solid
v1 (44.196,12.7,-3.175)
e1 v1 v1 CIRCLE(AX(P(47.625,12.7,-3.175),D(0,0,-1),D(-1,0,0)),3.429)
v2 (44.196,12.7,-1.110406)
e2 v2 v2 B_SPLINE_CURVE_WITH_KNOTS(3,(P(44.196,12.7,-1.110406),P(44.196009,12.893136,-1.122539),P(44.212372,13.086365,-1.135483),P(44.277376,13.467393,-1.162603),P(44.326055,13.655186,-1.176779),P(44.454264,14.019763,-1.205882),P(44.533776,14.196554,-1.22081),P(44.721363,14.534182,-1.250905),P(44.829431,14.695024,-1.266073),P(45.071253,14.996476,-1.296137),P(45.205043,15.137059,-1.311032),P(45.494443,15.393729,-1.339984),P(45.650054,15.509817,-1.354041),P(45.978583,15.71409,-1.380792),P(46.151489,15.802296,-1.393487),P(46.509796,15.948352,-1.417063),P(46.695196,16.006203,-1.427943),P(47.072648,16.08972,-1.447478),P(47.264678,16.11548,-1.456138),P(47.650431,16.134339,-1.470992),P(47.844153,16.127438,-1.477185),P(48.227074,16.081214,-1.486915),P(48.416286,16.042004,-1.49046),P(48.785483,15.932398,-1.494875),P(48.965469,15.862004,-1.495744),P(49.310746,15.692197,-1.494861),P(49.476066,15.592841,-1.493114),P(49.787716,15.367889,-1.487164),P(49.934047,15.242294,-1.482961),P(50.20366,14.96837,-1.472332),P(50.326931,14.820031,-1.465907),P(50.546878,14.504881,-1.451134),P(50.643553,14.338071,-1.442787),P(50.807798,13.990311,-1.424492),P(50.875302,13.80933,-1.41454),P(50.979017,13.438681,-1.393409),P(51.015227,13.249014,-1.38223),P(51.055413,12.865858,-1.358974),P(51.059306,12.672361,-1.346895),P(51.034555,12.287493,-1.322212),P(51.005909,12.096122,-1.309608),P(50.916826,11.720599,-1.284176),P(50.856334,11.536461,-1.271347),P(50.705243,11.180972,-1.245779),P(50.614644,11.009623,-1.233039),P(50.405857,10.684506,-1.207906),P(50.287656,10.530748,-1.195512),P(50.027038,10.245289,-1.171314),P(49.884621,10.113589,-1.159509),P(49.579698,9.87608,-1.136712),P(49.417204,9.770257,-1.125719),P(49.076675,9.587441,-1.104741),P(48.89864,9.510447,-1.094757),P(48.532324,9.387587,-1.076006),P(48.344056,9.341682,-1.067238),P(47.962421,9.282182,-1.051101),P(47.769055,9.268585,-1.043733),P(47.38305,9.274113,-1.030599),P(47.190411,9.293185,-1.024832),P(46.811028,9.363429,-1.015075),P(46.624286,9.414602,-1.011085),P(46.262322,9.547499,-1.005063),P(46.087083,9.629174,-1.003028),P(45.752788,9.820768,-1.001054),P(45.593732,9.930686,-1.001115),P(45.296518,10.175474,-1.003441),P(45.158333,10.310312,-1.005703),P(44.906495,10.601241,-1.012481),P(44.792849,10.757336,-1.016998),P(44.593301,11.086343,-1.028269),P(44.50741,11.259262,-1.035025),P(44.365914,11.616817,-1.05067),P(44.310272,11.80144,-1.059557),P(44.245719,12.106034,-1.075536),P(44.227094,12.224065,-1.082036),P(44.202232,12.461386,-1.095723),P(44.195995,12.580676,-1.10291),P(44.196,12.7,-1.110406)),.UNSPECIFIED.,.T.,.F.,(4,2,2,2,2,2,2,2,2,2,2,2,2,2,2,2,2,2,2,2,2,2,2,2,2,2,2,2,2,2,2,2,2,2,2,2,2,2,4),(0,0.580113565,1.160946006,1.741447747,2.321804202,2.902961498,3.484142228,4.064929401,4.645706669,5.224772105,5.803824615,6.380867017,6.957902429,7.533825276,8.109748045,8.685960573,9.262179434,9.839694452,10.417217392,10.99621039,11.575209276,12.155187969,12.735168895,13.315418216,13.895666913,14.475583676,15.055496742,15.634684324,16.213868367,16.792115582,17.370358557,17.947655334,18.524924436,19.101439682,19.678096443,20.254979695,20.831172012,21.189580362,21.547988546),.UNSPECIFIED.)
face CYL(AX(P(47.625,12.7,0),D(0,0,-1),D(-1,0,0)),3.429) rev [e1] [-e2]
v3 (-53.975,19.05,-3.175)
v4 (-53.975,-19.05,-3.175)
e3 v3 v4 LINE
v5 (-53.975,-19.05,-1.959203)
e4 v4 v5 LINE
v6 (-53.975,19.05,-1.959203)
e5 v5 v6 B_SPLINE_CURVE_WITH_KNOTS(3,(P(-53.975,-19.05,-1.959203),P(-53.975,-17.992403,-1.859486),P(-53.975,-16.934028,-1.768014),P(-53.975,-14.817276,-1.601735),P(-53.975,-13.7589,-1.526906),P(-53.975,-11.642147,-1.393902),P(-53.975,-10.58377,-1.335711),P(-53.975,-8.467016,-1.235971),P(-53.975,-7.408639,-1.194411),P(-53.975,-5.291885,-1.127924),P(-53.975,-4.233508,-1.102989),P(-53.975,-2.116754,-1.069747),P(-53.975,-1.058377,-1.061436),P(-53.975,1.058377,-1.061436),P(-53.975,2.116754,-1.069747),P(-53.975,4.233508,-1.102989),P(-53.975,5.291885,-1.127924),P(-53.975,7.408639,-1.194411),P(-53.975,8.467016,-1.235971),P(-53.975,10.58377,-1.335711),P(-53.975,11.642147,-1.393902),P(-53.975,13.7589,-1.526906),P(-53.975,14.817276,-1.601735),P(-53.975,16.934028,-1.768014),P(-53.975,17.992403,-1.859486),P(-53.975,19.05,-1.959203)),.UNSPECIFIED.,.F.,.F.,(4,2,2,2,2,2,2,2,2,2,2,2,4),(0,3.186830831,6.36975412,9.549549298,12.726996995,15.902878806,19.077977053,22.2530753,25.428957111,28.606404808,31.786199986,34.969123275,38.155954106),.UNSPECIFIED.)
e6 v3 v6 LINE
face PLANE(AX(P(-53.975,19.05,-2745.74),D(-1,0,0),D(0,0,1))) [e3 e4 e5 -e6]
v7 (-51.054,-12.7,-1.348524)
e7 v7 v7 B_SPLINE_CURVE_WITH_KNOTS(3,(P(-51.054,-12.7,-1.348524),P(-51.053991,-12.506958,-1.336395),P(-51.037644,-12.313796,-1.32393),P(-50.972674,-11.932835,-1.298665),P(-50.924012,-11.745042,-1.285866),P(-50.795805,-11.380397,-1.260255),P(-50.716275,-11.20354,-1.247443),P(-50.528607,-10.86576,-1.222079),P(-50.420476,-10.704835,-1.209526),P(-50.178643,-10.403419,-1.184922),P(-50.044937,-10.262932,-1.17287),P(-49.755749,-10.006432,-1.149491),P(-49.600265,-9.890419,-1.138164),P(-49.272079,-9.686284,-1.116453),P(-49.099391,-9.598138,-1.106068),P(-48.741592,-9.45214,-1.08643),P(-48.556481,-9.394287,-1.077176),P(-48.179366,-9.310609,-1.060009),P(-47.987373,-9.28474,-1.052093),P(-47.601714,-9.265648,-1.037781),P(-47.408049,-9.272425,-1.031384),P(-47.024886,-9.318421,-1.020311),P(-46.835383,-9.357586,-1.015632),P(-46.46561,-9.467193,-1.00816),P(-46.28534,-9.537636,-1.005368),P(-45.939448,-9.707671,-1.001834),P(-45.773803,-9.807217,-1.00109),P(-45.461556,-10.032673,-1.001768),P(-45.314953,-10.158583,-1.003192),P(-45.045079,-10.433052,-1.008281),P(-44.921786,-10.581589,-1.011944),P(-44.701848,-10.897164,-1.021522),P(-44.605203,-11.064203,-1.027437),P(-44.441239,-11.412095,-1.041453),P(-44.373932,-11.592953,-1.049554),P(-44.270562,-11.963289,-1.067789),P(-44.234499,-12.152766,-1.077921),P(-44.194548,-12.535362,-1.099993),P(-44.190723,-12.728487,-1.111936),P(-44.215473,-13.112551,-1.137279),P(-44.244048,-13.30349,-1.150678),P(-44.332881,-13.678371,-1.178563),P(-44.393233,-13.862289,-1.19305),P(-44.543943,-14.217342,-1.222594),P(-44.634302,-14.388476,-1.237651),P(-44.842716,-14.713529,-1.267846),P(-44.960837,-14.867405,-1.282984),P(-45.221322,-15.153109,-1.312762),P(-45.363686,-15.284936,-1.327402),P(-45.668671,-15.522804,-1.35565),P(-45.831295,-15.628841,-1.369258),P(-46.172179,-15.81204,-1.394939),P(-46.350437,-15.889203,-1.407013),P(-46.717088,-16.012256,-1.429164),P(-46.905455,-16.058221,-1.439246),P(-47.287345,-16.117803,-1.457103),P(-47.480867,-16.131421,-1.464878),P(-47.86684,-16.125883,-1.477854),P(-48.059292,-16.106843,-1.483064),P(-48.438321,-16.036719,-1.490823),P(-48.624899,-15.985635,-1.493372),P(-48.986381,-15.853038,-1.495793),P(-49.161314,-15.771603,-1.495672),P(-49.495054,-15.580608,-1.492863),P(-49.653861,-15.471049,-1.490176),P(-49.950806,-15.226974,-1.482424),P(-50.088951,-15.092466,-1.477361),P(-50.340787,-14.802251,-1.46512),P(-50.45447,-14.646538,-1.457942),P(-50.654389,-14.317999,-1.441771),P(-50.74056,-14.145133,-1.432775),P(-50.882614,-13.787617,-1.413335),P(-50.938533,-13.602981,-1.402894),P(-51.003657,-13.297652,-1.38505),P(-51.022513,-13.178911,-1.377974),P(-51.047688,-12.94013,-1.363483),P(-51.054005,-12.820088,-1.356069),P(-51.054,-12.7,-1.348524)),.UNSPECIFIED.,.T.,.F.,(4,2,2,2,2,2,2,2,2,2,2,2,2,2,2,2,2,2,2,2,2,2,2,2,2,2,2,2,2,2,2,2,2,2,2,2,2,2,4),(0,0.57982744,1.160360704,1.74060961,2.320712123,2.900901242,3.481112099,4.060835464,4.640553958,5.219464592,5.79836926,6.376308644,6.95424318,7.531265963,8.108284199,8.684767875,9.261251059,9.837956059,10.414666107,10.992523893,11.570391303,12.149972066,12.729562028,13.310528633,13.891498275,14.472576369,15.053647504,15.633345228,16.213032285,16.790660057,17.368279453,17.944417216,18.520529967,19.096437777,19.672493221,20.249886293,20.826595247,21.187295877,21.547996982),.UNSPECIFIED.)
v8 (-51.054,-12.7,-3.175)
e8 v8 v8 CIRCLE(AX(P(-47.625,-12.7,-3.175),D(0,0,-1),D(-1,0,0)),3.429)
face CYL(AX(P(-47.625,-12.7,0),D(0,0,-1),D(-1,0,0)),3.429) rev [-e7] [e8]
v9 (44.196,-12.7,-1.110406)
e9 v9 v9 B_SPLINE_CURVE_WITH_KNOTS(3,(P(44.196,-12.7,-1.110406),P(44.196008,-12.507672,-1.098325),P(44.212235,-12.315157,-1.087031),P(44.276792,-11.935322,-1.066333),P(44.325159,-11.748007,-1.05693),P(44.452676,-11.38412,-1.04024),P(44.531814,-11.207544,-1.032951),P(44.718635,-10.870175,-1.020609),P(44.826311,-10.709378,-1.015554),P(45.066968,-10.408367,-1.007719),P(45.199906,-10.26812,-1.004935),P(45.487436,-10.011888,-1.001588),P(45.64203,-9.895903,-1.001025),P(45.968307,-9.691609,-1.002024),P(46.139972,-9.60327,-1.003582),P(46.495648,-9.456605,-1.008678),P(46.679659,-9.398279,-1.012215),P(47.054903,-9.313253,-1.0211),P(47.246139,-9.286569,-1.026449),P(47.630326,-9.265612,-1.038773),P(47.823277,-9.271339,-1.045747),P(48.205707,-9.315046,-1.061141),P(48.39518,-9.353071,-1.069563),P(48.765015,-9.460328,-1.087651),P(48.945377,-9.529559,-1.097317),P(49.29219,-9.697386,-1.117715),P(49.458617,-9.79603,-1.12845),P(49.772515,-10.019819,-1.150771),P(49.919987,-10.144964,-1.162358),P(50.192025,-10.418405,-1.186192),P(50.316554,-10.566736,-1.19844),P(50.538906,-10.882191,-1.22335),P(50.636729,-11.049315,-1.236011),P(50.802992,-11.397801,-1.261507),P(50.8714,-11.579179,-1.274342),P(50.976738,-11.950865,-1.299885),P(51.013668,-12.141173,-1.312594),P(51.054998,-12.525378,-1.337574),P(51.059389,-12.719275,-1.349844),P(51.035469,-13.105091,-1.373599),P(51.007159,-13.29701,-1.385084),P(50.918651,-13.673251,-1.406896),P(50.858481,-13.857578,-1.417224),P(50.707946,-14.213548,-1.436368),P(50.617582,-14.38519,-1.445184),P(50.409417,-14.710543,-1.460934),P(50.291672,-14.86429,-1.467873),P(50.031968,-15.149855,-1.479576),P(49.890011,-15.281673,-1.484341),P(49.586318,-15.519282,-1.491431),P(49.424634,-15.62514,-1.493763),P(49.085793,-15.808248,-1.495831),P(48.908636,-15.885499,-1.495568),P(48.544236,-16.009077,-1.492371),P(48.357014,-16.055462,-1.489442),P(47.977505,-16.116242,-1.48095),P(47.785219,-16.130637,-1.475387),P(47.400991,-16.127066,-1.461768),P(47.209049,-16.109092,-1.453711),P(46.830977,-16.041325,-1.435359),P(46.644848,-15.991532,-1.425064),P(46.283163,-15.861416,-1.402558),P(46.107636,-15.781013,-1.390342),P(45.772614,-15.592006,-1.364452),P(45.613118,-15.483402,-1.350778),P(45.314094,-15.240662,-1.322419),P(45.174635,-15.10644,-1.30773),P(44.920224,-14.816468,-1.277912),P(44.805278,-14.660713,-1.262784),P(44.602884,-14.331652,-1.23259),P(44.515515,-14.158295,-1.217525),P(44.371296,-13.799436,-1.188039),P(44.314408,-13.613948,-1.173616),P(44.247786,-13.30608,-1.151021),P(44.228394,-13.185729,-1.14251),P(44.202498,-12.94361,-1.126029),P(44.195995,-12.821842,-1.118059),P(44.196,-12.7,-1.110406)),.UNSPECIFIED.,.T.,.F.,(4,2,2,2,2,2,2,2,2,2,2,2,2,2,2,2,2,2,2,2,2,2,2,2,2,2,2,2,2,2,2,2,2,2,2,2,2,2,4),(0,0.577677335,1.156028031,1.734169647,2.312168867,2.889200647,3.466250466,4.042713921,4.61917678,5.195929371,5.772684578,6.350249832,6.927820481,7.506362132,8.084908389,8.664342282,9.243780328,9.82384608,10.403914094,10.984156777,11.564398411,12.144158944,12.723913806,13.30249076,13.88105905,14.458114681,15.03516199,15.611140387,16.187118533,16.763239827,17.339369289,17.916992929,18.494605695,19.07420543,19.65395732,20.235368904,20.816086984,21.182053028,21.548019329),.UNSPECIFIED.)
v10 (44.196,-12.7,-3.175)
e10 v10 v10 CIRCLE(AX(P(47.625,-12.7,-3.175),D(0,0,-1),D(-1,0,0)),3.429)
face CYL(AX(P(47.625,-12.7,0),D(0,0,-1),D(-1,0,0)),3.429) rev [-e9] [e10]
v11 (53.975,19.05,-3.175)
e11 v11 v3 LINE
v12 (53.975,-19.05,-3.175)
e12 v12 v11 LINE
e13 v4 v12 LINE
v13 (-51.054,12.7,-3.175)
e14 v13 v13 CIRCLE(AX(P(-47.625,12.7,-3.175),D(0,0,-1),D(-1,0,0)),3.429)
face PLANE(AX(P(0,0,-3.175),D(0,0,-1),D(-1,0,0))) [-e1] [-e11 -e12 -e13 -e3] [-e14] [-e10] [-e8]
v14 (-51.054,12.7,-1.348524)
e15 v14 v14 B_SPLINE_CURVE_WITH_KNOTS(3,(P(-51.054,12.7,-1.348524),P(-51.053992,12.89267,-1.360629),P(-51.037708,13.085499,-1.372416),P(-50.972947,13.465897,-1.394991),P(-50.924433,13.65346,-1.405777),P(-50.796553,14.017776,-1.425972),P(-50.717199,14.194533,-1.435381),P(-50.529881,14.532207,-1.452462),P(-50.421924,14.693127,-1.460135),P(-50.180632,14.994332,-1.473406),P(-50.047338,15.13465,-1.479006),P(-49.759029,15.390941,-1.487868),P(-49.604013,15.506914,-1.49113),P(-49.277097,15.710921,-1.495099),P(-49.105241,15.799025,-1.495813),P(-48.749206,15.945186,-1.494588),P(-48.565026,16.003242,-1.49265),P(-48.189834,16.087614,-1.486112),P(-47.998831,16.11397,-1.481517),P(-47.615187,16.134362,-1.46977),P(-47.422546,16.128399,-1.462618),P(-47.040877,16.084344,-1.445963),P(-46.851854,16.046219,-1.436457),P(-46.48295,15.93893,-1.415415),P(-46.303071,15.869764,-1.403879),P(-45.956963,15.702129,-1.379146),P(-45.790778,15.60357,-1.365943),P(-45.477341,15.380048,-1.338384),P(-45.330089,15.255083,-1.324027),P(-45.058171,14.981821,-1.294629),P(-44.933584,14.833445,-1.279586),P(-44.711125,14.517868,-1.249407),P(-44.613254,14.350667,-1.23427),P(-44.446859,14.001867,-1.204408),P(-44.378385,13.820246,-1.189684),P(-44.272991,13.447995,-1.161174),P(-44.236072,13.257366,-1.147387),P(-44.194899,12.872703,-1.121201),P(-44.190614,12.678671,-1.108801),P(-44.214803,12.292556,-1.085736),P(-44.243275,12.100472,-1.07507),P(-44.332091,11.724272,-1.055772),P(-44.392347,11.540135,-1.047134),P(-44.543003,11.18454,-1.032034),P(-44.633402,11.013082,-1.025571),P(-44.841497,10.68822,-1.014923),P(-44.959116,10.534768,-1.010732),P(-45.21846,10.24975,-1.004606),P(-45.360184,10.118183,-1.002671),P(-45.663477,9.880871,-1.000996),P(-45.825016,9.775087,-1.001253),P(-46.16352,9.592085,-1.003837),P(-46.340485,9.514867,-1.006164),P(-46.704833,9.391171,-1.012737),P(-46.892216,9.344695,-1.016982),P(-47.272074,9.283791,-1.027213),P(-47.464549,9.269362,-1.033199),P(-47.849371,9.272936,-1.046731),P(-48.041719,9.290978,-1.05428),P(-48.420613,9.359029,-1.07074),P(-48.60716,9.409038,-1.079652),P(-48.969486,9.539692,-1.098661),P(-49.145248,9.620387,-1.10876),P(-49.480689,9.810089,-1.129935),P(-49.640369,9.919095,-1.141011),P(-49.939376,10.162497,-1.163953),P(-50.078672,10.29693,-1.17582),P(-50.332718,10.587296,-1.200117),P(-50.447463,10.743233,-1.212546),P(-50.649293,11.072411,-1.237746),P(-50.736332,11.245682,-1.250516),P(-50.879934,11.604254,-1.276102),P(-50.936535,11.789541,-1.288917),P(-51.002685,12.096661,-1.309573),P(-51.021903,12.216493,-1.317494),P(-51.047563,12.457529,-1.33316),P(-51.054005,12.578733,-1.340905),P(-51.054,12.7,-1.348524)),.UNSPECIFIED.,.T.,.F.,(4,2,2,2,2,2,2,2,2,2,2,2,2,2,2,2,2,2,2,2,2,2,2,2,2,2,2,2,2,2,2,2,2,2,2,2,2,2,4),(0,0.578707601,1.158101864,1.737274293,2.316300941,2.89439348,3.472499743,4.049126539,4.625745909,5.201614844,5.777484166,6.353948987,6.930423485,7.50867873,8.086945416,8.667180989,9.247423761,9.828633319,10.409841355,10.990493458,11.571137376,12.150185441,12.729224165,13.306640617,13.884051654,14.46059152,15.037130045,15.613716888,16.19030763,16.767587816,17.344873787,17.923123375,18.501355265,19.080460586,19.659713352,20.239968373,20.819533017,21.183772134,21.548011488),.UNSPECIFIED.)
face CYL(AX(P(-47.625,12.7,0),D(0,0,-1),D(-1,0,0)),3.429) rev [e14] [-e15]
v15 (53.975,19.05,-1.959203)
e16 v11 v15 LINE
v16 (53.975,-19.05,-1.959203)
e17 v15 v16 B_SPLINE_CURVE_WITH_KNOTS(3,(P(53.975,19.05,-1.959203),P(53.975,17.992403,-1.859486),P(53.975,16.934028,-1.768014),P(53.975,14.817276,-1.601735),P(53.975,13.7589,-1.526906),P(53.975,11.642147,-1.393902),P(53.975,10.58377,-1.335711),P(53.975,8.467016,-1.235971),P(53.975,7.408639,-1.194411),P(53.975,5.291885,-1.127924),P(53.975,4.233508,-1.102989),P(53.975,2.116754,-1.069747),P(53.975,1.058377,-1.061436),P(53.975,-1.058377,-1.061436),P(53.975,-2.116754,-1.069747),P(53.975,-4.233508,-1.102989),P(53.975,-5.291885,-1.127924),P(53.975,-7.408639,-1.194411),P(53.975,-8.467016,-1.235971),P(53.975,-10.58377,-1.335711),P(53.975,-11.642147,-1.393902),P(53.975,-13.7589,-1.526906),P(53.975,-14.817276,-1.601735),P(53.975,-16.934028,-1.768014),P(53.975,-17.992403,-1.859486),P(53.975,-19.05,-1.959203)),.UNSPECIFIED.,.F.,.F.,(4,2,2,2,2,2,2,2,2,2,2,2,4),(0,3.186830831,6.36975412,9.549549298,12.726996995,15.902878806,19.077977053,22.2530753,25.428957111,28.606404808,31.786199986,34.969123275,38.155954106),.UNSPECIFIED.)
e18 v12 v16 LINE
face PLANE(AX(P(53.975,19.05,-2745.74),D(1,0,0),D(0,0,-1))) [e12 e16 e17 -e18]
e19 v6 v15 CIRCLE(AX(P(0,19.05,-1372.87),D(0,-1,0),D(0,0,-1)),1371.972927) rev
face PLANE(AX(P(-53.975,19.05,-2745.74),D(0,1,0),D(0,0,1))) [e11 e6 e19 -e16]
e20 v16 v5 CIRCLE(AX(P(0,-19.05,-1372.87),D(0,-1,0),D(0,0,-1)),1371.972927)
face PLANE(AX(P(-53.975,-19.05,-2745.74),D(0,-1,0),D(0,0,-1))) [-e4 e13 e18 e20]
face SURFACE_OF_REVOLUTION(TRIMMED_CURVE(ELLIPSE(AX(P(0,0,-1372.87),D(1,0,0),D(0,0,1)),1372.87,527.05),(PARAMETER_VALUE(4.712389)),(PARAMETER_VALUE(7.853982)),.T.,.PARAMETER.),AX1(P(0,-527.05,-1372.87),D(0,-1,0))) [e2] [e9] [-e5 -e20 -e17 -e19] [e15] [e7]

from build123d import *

# Parameters (mm, degrees)
SKETCH1_OUTSIDE_W       = 3552.458
SKETCH1_OUTSIDE_H       = 1860.818
SKETCH1_OUTSIDE_W_2     = 107.95
SKETCH1_OUTSIDE_H_2     = 38.1
CUT_EXTRUDE1_DEPTH      = 3115.745878548
CUT_EXTRUDE2_START      = -3.175
SKETCH3_W               = 107.95
SKETCH3_H               = 44.752430816
CUT_EXTRUDE2_DEPTH      = 2744.161532781
CUT_EXTRUDE3_DEPTH      = 58.326117654
CUT_EXTRUDE3_DEPTH_BACK = 58.326117654
SKETCH4_R               = 3.429


with BuildPart() as part:
    # Sketch2 → Revolve1 (revolve)
    with BuildSketch(Plane(origin=(0, 0, 0), x_dir=(0, 0, -1), z_dir=(1, 0, 0))):
        with BuildLine():
            Line((1372.87, -527.05), (1372.87, 527.05))
            add(Edge.make_bspline(
                [(1372.87, 527.05), (0, 527.05), (0, 0), (0, -527.05), (1372.87, -527.05)],
                knots=[4.71238898, 4.71238898, 4.71238898, 6.283185307, 6.283185307, 7.853981634, 7.853981634, 7.853981634], degree=2, weights=[1, 0.707106781, 1, 0.707106781, 1]))
        make_face()
    revolve(axis=Axis((0, -527.05, -1372.87), (0, 1, 0)))

    # Sketch1 outside → Cut-Extrude1 (cut, through all)
    with BuildSketch(Plane.XY):
        Rectangle(SKETCH1_OUTSIDE_W, SKETCH1_OUTSIDE_H)
        Rectangle(SKETCH1_OUTSIDE_W_2, SKETCH1_OUTSIDE_H_2, mode=Mode.SUBTRACT)
    extrude(amount=-CUT_EXTRUDE1_DEPTH, mode=Mode.SUBTRACT)

    # Sketch3 → Cut-Extrude2 (cut, through all)
    with BuildSketch(Plane.XY.offset(CUT_EXTRUDE2_START)):
        Rectangle(SKETCH3_W, SKETCH3_H)
    extrude(amount=-CUT_EXTRUDE2_DEPTH, mode=Mode.SUBTRACT)

    # Sketch4 → Cut-Extrude3 (cut, two sides: drawn at the far end of the back side and taken through both)
    with BuildSketch(Plane(origin=(0, 0, -3.175), x_dir=(-1, 0, 0), z_dir=(0, 0, -1)).offset(-CUT_EXTRUDE3_DEPTH_BACK)):
        with Locations((-47.625, -12.7)):
            Circle(SKETCH4_R)
        with Locations((-47.625, 12.7)):
            Circle(SKETCH4_R)
        with Locations((47.625, 12.7)):
            Circle(SKETCH4_R)
        with Locations((47.625, -12.7)):
            Circle(SKETCH4_R)
    extrude(amount=CUT_EXTRUDE3_DEPTH + CUT_EXTRUDE3_DEPTH_BACK, mode=Mode.SUBTRACT)


solid = part.part
